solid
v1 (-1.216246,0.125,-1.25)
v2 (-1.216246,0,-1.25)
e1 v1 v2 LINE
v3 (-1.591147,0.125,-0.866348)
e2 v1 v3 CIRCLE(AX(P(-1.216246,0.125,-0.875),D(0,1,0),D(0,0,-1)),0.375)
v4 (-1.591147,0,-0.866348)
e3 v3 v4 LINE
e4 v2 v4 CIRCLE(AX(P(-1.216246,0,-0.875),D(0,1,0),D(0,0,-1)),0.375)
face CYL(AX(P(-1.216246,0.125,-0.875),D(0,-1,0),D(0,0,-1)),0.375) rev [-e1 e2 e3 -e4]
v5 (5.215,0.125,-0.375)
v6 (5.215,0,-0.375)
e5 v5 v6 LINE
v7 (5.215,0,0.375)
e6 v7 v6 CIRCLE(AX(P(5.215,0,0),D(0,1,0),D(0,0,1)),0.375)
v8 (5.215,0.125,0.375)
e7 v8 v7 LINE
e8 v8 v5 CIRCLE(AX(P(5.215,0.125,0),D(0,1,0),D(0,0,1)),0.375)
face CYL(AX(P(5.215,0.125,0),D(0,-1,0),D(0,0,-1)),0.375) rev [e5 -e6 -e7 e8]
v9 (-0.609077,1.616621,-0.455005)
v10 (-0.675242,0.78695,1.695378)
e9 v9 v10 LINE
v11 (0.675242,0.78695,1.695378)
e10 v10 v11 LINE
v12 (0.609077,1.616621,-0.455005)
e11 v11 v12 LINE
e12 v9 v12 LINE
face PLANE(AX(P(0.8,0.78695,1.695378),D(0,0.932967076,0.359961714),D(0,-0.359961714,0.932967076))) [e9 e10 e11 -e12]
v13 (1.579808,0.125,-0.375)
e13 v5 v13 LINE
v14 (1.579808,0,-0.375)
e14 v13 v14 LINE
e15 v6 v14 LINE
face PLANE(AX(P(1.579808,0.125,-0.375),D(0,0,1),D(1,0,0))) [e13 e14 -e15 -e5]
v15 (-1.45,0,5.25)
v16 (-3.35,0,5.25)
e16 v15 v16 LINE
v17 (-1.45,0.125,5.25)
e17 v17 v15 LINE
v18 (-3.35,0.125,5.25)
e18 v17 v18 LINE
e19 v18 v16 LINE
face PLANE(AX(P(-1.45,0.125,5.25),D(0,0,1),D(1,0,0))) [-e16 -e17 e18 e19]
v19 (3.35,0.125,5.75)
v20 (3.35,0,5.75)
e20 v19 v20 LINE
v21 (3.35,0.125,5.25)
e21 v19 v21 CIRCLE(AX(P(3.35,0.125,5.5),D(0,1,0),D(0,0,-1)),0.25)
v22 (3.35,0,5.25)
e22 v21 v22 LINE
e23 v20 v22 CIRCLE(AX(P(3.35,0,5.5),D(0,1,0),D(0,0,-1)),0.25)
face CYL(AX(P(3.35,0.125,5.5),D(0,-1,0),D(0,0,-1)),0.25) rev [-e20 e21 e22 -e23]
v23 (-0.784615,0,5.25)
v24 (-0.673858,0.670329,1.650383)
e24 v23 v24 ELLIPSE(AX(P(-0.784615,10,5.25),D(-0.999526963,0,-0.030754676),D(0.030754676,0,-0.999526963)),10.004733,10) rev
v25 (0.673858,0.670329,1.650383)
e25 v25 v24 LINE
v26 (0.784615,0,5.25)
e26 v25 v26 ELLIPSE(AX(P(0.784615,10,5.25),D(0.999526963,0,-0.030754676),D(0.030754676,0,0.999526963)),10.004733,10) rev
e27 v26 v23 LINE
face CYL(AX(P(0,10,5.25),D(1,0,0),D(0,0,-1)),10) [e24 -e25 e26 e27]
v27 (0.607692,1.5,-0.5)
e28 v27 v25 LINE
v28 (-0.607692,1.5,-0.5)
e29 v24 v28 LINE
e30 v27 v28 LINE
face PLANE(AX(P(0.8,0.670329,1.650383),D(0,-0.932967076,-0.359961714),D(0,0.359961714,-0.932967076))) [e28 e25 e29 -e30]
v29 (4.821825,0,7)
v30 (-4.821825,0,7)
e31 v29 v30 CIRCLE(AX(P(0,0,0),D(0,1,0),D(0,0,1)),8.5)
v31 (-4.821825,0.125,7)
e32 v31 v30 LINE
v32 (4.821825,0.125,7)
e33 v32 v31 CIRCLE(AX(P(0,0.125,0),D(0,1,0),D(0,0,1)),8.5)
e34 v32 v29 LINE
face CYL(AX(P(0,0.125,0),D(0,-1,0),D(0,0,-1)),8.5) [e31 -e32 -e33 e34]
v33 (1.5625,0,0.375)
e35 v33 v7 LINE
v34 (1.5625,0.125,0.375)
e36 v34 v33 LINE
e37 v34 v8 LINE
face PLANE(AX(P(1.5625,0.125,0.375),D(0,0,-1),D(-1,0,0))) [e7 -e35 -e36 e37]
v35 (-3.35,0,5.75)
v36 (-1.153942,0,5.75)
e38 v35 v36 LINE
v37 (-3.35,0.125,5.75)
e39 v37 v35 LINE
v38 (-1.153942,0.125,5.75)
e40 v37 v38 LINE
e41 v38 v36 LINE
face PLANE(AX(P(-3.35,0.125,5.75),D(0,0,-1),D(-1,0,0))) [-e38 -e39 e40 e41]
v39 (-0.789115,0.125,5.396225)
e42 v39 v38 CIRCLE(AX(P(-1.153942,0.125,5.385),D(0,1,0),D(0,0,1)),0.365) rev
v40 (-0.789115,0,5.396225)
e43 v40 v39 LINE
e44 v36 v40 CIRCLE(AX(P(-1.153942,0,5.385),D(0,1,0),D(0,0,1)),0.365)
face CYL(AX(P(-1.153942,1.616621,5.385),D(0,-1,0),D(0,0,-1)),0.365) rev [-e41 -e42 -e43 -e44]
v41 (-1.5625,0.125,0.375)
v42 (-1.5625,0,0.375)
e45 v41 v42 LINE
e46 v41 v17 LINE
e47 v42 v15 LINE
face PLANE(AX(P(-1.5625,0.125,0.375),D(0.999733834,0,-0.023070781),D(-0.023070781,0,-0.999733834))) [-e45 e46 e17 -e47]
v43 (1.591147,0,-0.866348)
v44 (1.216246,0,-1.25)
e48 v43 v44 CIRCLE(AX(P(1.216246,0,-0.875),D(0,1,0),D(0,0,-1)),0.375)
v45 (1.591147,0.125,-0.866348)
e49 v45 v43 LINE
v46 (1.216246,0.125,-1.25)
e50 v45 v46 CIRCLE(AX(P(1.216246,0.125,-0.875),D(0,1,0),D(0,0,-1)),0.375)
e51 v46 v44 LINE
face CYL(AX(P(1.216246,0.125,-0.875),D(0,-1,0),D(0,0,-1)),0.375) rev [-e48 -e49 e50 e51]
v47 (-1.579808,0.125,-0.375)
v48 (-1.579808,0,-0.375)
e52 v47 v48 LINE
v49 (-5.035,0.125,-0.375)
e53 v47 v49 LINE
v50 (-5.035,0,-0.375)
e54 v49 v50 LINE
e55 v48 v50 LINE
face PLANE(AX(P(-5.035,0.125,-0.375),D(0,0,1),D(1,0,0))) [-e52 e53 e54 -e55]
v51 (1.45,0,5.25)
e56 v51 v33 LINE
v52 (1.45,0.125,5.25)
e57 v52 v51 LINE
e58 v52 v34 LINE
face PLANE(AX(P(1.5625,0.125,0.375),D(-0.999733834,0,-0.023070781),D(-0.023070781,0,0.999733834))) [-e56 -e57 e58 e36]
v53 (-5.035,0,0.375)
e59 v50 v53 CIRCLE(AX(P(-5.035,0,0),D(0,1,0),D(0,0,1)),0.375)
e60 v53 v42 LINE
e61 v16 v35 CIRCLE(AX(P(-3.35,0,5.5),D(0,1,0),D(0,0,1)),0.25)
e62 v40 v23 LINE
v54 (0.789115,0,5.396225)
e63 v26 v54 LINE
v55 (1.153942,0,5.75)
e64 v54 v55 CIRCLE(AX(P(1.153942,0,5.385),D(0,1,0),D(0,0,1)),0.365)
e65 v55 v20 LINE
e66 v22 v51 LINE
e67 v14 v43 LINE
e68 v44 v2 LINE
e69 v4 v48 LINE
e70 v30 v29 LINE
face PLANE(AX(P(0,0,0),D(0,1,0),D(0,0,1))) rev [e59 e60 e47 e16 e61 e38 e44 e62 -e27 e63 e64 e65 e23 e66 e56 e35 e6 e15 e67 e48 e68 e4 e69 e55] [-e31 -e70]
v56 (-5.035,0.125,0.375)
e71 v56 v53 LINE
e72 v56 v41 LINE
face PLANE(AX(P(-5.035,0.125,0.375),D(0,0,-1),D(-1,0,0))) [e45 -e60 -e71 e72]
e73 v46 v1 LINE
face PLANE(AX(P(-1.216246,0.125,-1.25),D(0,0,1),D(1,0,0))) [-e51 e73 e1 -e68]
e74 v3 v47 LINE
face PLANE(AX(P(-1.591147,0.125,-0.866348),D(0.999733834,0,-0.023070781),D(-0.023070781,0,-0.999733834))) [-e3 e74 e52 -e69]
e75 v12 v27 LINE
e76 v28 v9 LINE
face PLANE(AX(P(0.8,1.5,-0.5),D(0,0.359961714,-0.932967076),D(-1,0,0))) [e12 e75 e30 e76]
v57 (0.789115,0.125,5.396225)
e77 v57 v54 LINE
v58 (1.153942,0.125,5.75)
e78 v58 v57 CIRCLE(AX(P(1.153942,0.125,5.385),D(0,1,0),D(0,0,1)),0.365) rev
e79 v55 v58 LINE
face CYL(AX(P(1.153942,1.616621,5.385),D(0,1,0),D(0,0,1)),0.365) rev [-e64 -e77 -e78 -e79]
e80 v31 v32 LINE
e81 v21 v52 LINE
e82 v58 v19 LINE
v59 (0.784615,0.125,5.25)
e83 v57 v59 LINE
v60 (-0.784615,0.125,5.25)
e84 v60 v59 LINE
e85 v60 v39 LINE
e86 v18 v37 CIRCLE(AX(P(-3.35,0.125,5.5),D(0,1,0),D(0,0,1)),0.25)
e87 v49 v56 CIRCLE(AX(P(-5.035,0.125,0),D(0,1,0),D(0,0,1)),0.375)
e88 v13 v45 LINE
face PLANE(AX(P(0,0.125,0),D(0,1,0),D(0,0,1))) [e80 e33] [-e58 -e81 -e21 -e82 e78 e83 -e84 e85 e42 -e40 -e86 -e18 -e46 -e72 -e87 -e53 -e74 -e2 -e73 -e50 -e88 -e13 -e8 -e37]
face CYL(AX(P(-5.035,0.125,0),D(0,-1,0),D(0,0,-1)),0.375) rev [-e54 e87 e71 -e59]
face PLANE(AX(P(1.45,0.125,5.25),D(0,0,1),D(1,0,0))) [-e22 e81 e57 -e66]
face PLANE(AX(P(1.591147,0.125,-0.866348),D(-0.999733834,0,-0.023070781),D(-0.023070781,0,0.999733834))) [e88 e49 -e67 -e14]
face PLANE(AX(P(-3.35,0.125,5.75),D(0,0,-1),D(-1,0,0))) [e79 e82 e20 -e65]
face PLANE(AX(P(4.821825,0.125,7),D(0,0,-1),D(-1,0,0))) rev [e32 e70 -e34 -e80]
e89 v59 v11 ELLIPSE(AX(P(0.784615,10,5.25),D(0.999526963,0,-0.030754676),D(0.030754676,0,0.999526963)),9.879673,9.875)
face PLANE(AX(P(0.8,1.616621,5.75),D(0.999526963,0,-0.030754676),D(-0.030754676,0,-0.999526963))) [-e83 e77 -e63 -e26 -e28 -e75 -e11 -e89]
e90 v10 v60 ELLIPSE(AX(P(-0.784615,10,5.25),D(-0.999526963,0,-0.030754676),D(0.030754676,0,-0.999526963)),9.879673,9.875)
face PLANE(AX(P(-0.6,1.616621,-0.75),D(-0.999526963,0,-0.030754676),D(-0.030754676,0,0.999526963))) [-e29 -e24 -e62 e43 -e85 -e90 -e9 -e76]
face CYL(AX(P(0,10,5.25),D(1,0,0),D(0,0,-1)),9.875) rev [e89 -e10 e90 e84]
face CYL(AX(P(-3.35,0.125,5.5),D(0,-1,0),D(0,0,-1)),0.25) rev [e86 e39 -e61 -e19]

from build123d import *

# Parameters (mm, degrees)
EXTRUDE1_DEPTH = 0.125
SKETCH3_W      = 1.6
SKETCH3_H      = 0.125
EXTRUDE2_DEPTH = 2.616620884
FILLET3_R      = 0.365


with BuildPart() as part:
    # Sketch1 → Extrude1 (new body)
    with BuildSketch(Plane(origin=(0, 0, 0), x_dir=(1, 0, 0), z_dir=(0, 1, 0))):
        with BuildLine():
            Line((4.82182538, -7), (-4.82182538, -7))
            ThreePointArc((-4.82182538, -7), (0, 8.5), (4.82182538, -7))
        make_face()
        with BuildLine():
            Line((1.5625, -0.375), (5.215, -0.375))
            ThreePointArc((5.215, -0.375), (5.59, 0), (5.215, 0.375))
            Line((5.215, 0.375), (1.579807692, 0.375))
            Line((1.579807692, 0.375), (1.591146503, 0.866348457))
            ThreePointArc((1.591146503, 0.866348457), (1.484452699, 1.137088412), (1.216246315, 1.25))
            Line((1.216246315, 1.25), (-1.216246315, 1.25))
            ThreePointArc((-1.216246315, 1.25), (-1.484452699, 1.137088412), (-1.591146503, 0.866348457))
            Line((-1.591146503, 0.866348457), (-1.579807692, 0.375))
            Line((-1.579807692, 0.375), (-5.035, 0.375))
            ThreePointArc((-5.035, 0.375), (-5.41, 0), (-5.035, -0.375))
            Line((-5.035, -0.375), (-1.5625, -0.375))
            Line((-1.5625, -0.375), (-1.45, -5.25))
            Line((-1.45, -5.25), (-3.35, -5.25))
            ThreePointArc((-3.35, -5.25), (-3.6, -5.5), (-3.35, -5.75))
            Line((-3.35, -5.75), (3.35, -5.75))
            ThreePointArc((3.35, -5.75), (3.6, -5.5), (3.35, -5.25))
            Line((3.35, -5.25), (1.45, -5.25))
            Line((1.45, -5.25), (1.5625, -0.375))
        make_face(mode=Mode.SUBTRACT)
    extrude(amount=EXTRUDE1_DEPTH)

    # Sweep2: sweep along a path in Sketch2
    with BuildLine(Plane(origin=(0, 0, 0), x_dir=(0, 0, -1), z_dir=(1, 0, 0))) as sweep2_path:
        Line((0.5, 1.5), (-1.650382858, 0.670329243))
        ThreePointArc((-1.650382858, 0.670329243), (-3.419249821, 0.169010539), (-5.25, 0))
        Line((-5.25, 0), (-5.75, 0))
    # Sketch3 → Sweep2 (sweep)
    with BuildSketch(Plane(origin=(0, 0, 5.75), x_dir=(-1, 0, 0), z_dir=(0, 0, -1))):
        with Locations((0, 0.0625)):
            Rectangle(SKETCH3_W, SKETCH3_H)
    sweep(path=sweep2_path.line)

    # Sketch5 → Extrude2 (cut, through all)
    with BuildSketch(Plane(origin=(0, 0, 0), x_dir=(1, 0, 0), z_dir=(0, 1, 0))):
        Polygon((-0.6, 0.75), (-0.8, -5.75), (-1.2, -5.75), (-1.2, 1), (1.2, 1), (1.2, -5.75), (0.8, -5.75), (0.6, 0.75), align=None)
    extrude(amount=EXTRUDE2_DEPTH, mode=Mode.SUBTRACT)

    # Fillet3
    fillet3_edges = [part.edges().sort_by_distance(p)[0] for p in [
        (0.8, 0.0625, 5.75),
        (-0.8, 0.0625, 5.75),
    ]]
    fillet(fillet3_edges, radius=FILLET3_R)


solid = part.part
